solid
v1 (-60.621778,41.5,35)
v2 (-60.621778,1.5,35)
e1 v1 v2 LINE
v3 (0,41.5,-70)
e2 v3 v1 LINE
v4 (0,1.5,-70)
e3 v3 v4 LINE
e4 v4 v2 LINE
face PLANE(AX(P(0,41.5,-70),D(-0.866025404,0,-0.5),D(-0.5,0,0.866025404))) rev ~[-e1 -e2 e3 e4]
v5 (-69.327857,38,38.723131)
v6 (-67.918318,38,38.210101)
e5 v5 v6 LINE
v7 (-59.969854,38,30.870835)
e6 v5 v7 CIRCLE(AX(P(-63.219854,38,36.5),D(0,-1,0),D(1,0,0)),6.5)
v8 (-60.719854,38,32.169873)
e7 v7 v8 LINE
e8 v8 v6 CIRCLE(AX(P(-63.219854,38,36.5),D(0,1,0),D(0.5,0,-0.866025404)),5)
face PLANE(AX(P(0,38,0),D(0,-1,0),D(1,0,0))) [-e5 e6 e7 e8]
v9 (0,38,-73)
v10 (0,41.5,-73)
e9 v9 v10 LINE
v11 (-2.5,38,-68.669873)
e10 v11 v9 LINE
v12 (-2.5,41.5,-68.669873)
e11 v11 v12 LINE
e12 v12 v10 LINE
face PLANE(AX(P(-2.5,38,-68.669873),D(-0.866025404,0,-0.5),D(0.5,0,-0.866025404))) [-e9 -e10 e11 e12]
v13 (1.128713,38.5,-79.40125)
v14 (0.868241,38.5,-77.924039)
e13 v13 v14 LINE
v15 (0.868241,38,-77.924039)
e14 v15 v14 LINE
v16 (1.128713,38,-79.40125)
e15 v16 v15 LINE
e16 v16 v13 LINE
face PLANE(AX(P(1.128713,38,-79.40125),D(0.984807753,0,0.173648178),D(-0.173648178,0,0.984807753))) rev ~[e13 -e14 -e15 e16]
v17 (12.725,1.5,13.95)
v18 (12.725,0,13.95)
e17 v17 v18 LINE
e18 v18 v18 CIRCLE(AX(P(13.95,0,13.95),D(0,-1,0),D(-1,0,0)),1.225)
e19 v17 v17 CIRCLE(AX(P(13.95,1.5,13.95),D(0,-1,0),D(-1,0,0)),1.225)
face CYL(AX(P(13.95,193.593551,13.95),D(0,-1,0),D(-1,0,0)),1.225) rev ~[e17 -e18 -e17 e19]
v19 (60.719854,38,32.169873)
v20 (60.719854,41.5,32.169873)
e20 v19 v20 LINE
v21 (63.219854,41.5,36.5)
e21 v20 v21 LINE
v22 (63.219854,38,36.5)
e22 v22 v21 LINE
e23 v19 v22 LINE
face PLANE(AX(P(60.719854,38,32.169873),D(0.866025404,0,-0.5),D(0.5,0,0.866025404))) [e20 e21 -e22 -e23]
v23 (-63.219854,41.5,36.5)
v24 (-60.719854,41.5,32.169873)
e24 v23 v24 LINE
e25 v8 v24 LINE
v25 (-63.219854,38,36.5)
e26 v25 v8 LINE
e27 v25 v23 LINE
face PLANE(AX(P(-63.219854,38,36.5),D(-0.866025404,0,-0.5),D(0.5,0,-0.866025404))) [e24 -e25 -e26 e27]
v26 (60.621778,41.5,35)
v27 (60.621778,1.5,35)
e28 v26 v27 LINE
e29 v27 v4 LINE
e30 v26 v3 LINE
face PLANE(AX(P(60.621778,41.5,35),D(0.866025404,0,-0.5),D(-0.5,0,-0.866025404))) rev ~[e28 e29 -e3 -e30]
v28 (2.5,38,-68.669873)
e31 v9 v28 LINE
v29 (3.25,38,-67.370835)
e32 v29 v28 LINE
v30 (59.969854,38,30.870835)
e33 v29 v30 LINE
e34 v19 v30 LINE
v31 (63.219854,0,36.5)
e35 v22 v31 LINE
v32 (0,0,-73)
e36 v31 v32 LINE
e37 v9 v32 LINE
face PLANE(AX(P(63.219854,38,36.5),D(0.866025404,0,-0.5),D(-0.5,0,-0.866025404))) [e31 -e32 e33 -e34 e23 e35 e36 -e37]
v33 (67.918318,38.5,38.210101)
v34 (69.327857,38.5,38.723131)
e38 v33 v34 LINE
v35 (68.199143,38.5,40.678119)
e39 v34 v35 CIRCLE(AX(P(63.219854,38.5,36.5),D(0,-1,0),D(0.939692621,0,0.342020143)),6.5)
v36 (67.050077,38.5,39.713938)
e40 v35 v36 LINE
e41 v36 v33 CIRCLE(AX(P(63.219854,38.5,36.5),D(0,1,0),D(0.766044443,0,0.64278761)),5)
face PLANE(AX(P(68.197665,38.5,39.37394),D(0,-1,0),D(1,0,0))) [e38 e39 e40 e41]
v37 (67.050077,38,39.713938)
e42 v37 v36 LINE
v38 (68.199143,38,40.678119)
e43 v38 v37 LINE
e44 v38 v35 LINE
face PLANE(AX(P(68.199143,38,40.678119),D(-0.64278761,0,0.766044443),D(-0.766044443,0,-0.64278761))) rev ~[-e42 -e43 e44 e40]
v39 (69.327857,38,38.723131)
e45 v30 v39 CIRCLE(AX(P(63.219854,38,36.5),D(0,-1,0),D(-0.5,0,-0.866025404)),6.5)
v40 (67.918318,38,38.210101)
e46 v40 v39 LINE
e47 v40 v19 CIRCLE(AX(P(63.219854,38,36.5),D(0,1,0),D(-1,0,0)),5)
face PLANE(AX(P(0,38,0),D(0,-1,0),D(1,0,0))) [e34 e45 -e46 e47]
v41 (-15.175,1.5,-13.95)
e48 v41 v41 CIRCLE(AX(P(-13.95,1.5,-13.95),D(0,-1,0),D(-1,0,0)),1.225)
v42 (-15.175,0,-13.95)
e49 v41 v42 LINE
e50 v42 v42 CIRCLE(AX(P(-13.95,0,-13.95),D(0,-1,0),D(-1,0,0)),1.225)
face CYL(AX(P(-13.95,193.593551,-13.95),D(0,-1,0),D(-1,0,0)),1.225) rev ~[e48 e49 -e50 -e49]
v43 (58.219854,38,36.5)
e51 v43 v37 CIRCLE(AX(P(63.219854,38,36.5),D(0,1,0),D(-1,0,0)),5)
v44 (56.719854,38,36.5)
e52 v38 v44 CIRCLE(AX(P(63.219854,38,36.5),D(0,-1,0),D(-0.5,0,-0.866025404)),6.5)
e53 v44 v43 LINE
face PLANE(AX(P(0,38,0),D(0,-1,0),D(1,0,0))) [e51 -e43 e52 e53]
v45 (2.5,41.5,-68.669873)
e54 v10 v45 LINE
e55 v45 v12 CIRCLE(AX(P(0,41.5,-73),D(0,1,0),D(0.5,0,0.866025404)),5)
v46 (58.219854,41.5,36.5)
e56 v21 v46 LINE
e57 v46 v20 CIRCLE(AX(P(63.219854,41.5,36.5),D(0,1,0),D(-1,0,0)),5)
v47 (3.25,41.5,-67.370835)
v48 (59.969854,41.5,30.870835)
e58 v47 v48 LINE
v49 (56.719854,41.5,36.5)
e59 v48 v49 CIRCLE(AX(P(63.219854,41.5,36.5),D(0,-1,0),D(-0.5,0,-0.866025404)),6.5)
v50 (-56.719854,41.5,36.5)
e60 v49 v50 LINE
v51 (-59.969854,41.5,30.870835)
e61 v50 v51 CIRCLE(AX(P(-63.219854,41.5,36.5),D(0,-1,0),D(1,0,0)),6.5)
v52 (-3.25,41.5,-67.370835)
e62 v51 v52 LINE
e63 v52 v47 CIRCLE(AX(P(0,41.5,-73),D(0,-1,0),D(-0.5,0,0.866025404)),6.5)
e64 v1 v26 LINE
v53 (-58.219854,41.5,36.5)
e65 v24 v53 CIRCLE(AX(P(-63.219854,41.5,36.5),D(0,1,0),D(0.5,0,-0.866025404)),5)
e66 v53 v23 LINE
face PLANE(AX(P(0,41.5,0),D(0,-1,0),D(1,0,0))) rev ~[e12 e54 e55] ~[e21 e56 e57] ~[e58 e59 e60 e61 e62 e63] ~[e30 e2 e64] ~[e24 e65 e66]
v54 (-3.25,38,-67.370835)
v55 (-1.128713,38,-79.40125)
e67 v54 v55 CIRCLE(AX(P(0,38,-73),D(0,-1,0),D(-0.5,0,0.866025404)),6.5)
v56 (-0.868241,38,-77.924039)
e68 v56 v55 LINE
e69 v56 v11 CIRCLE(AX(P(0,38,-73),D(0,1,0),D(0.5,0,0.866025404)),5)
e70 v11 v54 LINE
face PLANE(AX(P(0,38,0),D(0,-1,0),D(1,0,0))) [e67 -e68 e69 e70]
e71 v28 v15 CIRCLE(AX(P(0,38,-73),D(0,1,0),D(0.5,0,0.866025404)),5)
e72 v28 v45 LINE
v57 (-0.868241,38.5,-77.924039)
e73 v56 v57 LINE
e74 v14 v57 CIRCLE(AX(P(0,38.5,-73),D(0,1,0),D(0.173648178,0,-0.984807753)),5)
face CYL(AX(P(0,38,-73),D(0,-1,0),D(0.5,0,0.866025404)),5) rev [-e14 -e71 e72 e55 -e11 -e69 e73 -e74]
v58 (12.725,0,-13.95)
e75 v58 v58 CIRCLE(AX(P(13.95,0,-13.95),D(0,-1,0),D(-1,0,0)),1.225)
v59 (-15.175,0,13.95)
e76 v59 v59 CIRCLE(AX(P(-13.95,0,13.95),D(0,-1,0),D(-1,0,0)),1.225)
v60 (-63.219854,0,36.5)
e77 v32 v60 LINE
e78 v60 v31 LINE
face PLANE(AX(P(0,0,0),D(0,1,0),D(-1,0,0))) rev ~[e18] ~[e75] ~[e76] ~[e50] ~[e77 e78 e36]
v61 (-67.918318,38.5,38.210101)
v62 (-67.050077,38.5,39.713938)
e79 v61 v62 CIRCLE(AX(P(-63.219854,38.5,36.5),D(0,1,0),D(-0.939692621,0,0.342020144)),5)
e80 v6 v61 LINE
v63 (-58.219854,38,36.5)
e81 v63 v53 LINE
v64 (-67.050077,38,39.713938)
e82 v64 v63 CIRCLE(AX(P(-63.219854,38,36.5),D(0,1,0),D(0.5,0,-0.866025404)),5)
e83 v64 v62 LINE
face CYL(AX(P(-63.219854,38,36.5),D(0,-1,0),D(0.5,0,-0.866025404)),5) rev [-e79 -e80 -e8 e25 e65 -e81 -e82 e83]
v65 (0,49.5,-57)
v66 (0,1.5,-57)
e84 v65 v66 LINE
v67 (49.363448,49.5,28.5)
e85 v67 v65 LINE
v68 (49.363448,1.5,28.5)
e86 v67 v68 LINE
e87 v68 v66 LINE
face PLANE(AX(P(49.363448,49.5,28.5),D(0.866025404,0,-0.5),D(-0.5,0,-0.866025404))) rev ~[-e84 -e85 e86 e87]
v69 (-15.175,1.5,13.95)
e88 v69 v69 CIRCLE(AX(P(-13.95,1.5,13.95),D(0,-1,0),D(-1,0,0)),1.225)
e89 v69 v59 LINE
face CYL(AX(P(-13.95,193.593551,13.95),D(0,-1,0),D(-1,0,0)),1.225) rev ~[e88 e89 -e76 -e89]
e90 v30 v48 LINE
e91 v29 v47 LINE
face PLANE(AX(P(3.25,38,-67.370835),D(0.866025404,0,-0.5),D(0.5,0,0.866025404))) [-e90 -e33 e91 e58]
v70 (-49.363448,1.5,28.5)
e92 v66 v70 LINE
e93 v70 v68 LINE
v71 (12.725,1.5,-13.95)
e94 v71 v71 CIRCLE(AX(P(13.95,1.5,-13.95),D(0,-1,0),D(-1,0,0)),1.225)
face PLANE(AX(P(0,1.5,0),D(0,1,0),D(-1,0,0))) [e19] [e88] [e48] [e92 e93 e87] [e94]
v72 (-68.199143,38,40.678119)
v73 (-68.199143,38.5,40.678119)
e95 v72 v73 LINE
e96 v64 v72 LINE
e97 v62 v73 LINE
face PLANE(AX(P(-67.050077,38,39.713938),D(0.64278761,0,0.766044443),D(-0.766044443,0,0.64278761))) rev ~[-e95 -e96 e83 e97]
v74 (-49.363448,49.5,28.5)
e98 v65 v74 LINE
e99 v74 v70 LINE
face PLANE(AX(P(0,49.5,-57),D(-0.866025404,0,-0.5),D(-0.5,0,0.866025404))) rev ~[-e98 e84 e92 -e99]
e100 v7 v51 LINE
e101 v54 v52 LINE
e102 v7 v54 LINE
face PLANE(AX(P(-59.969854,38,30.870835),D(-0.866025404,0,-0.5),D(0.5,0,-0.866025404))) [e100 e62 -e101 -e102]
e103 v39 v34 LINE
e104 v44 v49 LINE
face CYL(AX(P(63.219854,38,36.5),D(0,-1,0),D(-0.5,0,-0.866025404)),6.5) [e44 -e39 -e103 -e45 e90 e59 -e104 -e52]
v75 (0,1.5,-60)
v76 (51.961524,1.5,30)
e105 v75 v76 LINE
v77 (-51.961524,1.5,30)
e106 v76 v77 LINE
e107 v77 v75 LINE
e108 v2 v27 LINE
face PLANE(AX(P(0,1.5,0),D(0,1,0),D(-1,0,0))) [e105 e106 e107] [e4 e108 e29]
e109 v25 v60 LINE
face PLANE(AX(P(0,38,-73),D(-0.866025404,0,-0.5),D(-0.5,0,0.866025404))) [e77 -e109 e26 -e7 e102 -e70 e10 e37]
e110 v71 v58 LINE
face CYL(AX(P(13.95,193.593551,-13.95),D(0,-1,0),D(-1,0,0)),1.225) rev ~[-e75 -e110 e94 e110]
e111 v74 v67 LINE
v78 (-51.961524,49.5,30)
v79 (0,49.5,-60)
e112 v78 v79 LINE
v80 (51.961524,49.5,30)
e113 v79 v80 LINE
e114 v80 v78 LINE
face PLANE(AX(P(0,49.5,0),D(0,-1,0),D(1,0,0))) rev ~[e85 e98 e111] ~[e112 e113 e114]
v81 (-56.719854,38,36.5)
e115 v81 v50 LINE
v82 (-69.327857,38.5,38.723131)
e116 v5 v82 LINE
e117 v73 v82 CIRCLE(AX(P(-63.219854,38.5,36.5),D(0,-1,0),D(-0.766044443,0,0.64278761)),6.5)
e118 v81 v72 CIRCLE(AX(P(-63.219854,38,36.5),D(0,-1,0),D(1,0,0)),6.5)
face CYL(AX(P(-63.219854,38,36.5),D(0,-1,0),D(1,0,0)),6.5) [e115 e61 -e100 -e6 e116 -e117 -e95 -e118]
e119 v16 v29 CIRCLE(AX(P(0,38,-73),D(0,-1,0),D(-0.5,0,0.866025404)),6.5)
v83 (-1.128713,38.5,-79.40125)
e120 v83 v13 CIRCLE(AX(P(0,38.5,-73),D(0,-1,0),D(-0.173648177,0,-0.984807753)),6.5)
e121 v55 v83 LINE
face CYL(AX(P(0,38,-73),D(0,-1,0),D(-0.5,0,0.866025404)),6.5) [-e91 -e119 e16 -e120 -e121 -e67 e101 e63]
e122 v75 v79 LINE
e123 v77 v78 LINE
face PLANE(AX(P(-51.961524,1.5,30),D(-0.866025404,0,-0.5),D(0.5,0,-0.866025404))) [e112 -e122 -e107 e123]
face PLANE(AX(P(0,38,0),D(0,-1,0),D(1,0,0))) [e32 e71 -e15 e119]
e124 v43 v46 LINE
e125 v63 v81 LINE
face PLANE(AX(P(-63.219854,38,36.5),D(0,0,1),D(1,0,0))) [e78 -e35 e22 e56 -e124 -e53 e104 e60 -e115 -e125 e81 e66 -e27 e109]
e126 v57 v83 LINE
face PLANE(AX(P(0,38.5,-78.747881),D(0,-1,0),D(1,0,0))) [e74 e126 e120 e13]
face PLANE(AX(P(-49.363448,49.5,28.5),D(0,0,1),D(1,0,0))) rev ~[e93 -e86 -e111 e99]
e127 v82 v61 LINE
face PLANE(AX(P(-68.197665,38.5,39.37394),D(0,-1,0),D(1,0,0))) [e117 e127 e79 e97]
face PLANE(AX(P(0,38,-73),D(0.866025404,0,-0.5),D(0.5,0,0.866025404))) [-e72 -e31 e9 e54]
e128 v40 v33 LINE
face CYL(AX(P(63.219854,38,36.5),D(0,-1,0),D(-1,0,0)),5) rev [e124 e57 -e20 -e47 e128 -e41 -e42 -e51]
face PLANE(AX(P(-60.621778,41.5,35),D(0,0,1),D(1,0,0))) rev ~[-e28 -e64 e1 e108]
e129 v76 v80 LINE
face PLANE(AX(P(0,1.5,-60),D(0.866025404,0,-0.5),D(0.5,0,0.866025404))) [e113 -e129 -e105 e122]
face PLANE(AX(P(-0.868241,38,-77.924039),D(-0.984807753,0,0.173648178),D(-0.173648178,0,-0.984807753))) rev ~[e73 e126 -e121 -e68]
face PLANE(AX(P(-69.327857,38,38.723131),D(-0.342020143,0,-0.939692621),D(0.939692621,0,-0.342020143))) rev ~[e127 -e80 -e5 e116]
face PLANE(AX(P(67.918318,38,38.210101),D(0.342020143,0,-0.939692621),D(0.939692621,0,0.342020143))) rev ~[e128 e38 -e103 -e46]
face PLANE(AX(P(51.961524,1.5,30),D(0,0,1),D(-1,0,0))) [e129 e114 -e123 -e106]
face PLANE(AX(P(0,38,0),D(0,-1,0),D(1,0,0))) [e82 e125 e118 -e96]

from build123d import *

# Parameters (mm, degrees)
BOSS_EXTRUDE1_DEPTH          = 3.5
CUT_EXTRUDE1_DEPTH           = 0.5
CUT_EXTRUDE2_DEPTH           = 0.5
CUT_EXTRUDE3_DEPTH           = 0.5
BOSS_EXTRUDE2_DEPTH          = 38
CUT_EXTRUDE4_DEPTH           = 40
BOSS_EXTRUDE3_DEPTH          = 48
CUT_EXTRUDE5_DEPTH           = 48
F_2_45_2_45_DIAMETER_HOLE1_D = 2.45


with BuildPart() as part:
    # Sketch1 → Boss-Extrude1 (new body)
    with BuildSketch(Plane.XZ.offset(-38)):
        with BuildLine():
            Line((3.25, -67.370834875), (59.969854476, 30.870834875))
            ThreePointArc((59.969854476, 30.870834875), (68.849019601, 39.75), (56.719854476, 36.5))
            Line((56.719854476, 36.5), (-56.719854476, 36.5))
            ThreePointArc((-56.719854476, 36.5), (-68.849019601, 39.75), (-59.969854476, 30.870834875))
            Line((-59.969854476, 30.870834875), (-3.25, -67.370834875))
            ThreePointArc((-3.25, -67.370834875), (0, -79.5), (3.25, -67.370834875))
        make_face()
        with BuildLine():
            Line((-2.5, -68.669872981), (0, -73))
            Line((0, -73), (2.5, -68.669872981))
            ThreePointArc((2.5, -68.669872981), (0, -78), (-2.5, -68.669872981))
        make_face(mode=Mode.SUBTRACT)
        with BuildLine():
            Line((-58.219854476, 36.5), (-63.219854476, 36.5))
            Line((-63.219854476, 36.5), (-60.719854476, 32.169872981))
            ThreePointArc((-60.719854476, 32.169872981), (-67.549981495, 39), (-58.219854476, 36.5))
        make_face(mode=Mode.SUBTRACT)
        with BuildLine():
            Line((60.719854476, 32.169872981), (63.219854476, 36.5))
            Line((63.219854476, 36.5), (58.219854476, 36.5))
            ThreePointArc((58.219854476, 36.5), (67.549981495, 39), (60.719854476, 32.169872981))
        make_face(mode=Mode.SUBTRACT)
    extrude(amount=-BOSS_EXTRUDE1_DEPTH)

    # Sketch2 → Cut-Extrude1 (cut)
    with BuildSketch(Plane.XZ.offset(-38)):
        with BuildLine():
            Line((1.128713155, -79.401250395), (0.868240888, -77.924038765))
            ThreePointArc((0.868240888, -77.924038765), (0, -78), (-0.868240888, -77.924038765))
            Line((-0.868240888, -77.924038765), (-1.128713155, -79.401250395))
            ThreePointArc((-1.128713155, -79.401250395), (0, -79.5), (1.128713155, -79.401250395))
        make_face()
    extrude(amount=-CUT_EXTRUDE1_DEPTH, mode=Mode.SUBTRACT)

    # Sketch3 → Cut-Extrude2 (cut)
    with BuildSketch(Plane.XZ.offset(-38)):
        with BuildLine():
            Line((-69.327856511, 38.723130932), (-67.91831758, 38.210100717))
            ThreePointArc((-67.91831758, 38.210100717), (-67.549981495, 39), (-67.050076692, 39.713938048))
            Line((-67.050076692, 39.713938048), (-68.199143357, 40.678119463))
            ThreePointArc((-68.199143357, 40.678119463), (-68.849019601, 39.75), (-69.327856511, 38.723130932))
        make_face()
    extrude(amount=-CUT_EXTRUDE2_DEPTH, mode=Mode.SUBTRACT)

    # Sketch4 → Cut-Extrude3 (cut)
    with BuildSketch(Plane.XZ.offset(-38)):
        with BuildLine():
            Line((67.91831758, 38.210100717), (69.327856511, 38.723130932))
            ThreePointArc((69.327856511, 38.723130932), (68.849019601, 39.75), (68.199143357, 40.678119463))
            Line((68.199143357, 40.678119463), (67.050076692, 39.713938048))
            ThreePointArc((67.050076692, 39.713938048), (67.549981495, 39), (67.91831758, 38.210100717))
        make_face()
    extrude(amount=-CUT_EXTRUDE3_DEPTH, mode=Mode.SUBTRACT)

    # Sketch5 → Boss-Extrude2 (add)
    with BuildSketch(Plane.XZ.offset(-38)):
        Polygon((0, -73), (-63.219854476, 36.5), (63.219854476, 36.5), align=None)
    extrude(amount=BOSS_EXTRUDE2_DEPTH)

    # Sketch6 → Cut-Extrude4 (cut)
    with BuildSketch(Plane(origin=(0, 41.5, 0), x_dir=(-1, 0, 0), z_dir=(0, 1, 0))):
        Polygon((0, -70), (60.621778265, 35), (-60.621778265, 35), align=None)
    extrude(amount=-CUT_EXTRUDE4_DEPTH, mode=Mode.SUBTRACT)

    # Sketch7 → Boss-Extrude3 (add)
    with BuildSketch(Plane(origin=(0, 1.5, 0), x_dir=(-1, 0, 0), z_dir=(0, 1, 0))):
        Polygon((0, -60), (-51.961524227, 30), (51.961524227, 30), align=None)
    extrude(amount=BOSS_EXTRUDE3_DEPTH)

    # Sketch8 → Cut-Extrude5 (cut)
    with BuildSketch(Plane(origin=(0, 49.5, 0), x_dir=(-1, 0, 0), z_dir=(0, 1, 0))):
        Polygon((49.363448016, 28.5), (-49.363448016, 28.5), (0, -57), align=None)
    extrude(amount=-CUT_EXTRUDE5_DEPTH, mode=Mode.SUBTRACT)

    # Ø2.45 (2.45) Diameter Hole1 (through all)
    with Locations(Plane(origin=(0, 1.5, 0), x_dir=(1, 0, 0), z_dir=(0, 1, 0))):
        with Locations((-13.95, 13.95), (13.95, -13.95), (-13.95, -13.95), (13.95, 13.95)):
            Hole(F_2_45_2_45_DIAMETER_HOLE1_D / 2)


solid = part.part
